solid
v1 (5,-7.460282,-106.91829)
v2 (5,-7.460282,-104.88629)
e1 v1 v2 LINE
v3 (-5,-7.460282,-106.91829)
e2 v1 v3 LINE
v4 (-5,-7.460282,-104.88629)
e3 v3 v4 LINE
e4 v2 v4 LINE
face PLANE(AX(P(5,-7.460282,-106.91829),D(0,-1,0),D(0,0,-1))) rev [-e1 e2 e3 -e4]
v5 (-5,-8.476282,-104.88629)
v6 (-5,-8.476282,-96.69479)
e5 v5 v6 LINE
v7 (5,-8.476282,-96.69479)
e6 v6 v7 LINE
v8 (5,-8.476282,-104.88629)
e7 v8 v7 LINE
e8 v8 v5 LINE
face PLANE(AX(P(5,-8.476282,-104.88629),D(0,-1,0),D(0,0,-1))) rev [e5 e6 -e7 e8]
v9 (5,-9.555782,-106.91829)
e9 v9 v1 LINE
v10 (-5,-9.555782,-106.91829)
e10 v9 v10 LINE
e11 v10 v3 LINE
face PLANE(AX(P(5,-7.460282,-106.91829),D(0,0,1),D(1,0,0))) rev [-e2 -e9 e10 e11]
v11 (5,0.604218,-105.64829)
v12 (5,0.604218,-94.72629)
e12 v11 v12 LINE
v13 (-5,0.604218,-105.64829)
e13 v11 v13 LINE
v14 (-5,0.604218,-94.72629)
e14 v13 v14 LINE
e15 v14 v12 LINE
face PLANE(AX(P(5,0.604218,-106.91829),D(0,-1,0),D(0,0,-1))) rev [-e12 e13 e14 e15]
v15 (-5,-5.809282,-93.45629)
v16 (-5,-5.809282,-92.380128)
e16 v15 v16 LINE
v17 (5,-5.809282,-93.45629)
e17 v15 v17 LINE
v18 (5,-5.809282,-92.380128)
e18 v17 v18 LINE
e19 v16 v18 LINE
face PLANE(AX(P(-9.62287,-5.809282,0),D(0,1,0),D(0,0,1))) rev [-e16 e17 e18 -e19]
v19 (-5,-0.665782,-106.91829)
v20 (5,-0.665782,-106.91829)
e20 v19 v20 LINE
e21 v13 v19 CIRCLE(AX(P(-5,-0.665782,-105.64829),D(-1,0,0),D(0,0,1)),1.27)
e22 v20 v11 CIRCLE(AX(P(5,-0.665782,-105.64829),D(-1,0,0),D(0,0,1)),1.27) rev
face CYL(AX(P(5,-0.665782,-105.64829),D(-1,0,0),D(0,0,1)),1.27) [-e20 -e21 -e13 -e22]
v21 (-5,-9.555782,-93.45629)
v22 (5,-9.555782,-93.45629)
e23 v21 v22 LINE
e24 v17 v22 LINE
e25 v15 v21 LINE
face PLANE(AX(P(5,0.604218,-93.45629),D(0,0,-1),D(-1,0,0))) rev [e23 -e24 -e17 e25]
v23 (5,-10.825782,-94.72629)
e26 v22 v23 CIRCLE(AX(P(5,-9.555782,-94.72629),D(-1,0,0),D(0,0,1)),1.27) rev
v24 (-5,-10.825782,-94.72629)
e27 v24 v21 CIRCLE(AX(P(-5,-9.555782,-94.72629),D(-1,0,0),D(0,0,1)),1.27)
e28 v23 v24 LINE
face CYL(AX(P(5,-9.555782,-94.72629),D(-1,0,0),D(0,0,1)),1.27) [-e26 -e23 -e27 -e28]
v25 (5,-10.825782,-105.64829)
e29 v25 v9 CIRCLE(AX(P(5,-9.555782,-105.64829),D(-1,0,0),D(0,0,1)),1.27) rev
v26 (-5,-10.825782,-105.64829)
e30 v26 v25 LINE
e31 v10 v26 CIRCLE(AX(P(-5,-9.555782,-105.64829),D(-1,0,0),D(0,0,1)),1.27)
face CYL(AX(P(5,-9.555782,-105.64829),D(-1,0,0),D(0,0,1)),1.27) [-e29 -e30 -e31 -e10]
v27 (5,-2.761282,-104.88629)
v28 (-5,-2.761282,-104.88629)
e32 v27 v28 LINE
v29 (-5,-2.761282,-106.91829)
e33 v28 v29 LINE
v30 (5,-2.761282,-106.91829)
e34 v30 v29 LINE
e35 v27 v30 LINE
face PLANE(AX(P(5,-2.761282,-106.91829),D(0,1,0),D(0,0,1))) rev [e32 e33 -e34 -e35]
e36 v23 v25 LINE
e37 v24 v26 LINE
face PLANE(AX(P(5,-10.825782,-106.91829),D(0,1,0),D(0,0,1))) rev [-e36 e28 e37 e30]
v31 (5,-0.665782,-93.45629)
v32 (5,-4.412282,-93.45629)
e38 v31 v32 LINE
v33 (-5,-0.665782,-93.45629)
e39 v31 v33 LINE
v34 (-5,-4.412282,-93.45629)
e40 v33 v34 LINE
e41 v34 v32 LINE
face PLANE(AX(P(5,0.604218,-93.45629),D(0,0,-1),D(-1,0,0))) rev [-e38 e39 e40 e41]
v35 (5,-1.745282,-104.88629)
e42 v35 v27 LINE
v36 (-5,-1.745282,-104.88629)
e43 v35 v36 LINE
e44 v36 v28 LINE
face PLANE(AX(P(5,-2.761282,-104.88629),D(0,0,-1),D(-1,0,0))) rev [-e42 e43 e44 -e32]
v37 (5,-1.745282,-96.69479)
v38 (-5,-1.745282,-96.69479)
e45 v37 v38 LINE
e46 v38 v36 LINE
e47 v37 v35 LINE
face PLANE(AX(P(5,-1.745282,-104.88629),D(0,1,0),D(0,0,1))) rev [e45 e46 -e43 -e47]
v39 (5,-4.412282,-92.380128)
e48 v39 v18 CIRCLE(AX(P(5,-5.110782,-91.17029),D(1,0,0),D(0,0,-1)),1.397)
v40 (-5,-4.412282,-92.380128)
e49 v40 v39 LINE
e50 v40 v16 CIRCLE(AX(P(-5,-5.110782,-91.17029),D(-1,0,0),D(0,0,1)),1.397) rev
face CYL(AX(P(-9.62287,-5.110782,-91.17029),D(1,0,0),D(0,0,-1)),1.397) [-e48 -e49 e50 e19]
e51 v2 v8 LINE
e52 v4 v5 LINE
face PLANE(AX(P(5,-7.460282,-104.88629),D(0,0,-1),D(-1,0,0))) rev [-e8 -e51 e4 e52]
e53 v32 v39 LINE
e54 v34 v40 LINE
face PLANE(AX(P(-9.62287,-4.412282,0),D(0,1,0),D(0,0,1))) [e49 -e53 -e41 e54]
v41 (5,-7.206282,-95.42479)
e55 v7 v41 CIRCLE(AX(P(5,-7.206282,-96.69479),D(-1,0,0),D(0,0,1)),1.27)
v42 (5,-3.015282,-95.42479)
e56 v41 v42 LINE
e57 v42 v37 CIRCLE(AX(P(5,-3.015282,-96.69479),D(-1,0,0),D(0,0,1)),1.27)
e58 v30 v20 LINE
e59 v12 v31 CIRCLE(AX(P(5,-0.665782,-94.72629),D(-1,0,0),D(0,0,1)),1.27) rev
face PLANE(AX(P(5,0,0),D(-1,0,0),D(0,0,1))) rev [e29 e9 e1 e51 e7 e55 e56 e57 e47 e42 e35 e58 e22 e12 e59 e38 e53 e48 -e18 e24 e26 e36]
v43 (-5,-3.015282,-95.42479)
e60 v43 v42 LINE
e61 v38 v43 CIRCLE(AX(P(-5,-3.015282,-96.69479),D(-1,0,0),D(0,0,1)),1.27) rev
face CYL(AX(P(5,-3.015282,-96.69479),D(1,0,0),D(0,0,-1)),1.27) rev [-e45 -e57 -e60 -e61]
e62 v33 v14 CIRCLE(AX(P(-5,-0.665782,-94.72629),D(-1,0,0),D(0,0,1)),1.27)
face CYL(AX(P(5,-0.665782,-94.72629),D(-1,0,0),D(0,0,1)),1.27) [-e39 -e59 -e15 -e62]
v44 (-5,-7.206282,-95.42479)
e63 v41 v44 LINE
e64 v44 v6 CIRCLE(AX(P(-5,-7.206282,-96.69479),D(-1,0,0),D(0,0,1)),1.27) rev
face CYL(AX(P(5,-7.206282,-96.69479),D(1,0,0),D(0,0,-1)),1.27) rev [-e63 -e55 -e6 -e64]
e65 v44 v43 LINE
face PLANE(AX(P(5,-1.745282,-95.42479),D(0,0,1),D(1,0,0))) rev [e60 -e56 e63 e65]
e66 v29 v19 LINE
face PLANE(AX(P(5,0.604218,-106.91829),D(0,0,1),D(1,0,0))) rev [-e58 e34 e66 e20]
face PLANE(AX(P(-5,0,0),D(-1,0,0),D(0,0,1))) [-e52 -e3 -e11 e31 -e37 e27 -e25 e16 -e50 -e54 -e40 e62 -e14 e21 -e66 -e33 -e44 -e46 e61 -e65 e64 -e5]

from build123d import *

# Parameters (mm, degrees)
MAINBODY_DEPTH      = 5
BOSS_EXTRUDE4_DEPTH = 10
FILLET4_R           = 1.27


with BuildPart() as part:
    # Sketch1 → MainBody (new, symmetric)
    with BuildSketch(Plane(origin=(0, 0, 0), x_dir=(0, 0, -1), z_dir=(1, 0, 0))):
        Polygon((106.918290099, 0.604217668), (93.456290099, 0.604217668), (93.456290099, -10.825782332), (106.918290099, -10.825782332), (106.918290099, -7.460282332), (104.886290099, -7.460282332), (104.886290099, -8.476282332), (95.424790099, -8.476282332), (95.424790099, -1.745282332), (104.886290099, -1.745282332), (104.886290099, -2.761282332), (106.918290099, -2.761282332), align=None)
    extrude(amount=MAINBODY_DEPTH, both=True)

    # Sketch10 → Boss-Extrude4 (add)
    with BuildSketch(Plane(origin=(5, 0, 0), x_dir=(0, 0, -1), z_dir=(1, 0, 0))):
        with BuildLine():
            Line((91.170290099, -5.809282332), (91.170290099, -5.110782332))
            Line((91.170290099, -5.110782332), (91.170290099, -4.412282332))
            Line((91.170290099, -4.412282332), (92.380127588, -4.412282332))
            ThreePointArc((92.380127588, -4.412282332), (89.773290099, -5.110782332), (92.380127588, -5.809282332))
            Line((92.380127588, -5.809282332), (91.170290099, -5.809282332))
        make_face()
        with BuildLine():
            Line((91.170290099, -4.412282332), (91.170290099, -5.110782332))
            Line((91.170290099, -5.110782332), (92.567290099, -5.110782332))
            ThreePointArc((92.567290099, -5.110782332), (92.519688478, -4.749212126), (92.380127588, -4.412282332))
            Line((92.380127588, -4.412282332), (91.170290099, -4.412282332))
        make_face()
        with BuildLine():
            Line((92.567290099, -5.110782332), (91.170290099, -5.110782332))
            Line((91.170290099, -5.110782332), (91.170290099, -5.809282332))
            Line((91.170290099, -5.809282332), (92.380127588, -5.809282332))
            ThreePointArc((92.380127588, -5.809282332), (92.519688478, -5.472352538), (92.567290099, -5.110782332))
        make_face()
        with BuildLine():
            ThreePointArc((92.380127588, -4.412282332), (92.519688478, -4.749212126), (92.567290099, -5.110782332))
            Line((92.567290099, -5.110782332), (93.456290099, -5.110782332))
            Line((93.456290099, -5.110782332), (93.456290099, -4.412282332))
            Line((93.456290099, -4.412282332), (92.380127588, -4.412282332))
        make_face()
        with BuildLine():
            Line((93.456290099, -5.110782332), (92.567290099, -5.110782332))
            ThreePointArc((92.567290099, -5.110782332), (92.519688478, -5.472352538), (92.380127588, -5.809282332))
            Line((92.380127588, -5.809282332), (93.456290099, -5.809282332))
            Line((93.456290099, -5.809282332), (93.456290099, -5.110782332))
        make_face()
    extrude(amount=-BOSS_EXTRUDE4_DEPTH)

    # Fillet4
    fillet4_edges = [part.edges().sort_by_distance(p)[0] for p in [
        (0, -1.745282332, -95.424790099),
        (0, -8.476282332, -95.424790099),
        (0, -10.825782332, -106.918290099),
        (0, -10.825782332, -93.456290099),
        (0, 0.604217668, -93.456290099),
        (0, 0.604217668, -106.918290099),
    ]]
    fillet(fillet4_edges, radius=FILLET4_R)


solid = part.part
